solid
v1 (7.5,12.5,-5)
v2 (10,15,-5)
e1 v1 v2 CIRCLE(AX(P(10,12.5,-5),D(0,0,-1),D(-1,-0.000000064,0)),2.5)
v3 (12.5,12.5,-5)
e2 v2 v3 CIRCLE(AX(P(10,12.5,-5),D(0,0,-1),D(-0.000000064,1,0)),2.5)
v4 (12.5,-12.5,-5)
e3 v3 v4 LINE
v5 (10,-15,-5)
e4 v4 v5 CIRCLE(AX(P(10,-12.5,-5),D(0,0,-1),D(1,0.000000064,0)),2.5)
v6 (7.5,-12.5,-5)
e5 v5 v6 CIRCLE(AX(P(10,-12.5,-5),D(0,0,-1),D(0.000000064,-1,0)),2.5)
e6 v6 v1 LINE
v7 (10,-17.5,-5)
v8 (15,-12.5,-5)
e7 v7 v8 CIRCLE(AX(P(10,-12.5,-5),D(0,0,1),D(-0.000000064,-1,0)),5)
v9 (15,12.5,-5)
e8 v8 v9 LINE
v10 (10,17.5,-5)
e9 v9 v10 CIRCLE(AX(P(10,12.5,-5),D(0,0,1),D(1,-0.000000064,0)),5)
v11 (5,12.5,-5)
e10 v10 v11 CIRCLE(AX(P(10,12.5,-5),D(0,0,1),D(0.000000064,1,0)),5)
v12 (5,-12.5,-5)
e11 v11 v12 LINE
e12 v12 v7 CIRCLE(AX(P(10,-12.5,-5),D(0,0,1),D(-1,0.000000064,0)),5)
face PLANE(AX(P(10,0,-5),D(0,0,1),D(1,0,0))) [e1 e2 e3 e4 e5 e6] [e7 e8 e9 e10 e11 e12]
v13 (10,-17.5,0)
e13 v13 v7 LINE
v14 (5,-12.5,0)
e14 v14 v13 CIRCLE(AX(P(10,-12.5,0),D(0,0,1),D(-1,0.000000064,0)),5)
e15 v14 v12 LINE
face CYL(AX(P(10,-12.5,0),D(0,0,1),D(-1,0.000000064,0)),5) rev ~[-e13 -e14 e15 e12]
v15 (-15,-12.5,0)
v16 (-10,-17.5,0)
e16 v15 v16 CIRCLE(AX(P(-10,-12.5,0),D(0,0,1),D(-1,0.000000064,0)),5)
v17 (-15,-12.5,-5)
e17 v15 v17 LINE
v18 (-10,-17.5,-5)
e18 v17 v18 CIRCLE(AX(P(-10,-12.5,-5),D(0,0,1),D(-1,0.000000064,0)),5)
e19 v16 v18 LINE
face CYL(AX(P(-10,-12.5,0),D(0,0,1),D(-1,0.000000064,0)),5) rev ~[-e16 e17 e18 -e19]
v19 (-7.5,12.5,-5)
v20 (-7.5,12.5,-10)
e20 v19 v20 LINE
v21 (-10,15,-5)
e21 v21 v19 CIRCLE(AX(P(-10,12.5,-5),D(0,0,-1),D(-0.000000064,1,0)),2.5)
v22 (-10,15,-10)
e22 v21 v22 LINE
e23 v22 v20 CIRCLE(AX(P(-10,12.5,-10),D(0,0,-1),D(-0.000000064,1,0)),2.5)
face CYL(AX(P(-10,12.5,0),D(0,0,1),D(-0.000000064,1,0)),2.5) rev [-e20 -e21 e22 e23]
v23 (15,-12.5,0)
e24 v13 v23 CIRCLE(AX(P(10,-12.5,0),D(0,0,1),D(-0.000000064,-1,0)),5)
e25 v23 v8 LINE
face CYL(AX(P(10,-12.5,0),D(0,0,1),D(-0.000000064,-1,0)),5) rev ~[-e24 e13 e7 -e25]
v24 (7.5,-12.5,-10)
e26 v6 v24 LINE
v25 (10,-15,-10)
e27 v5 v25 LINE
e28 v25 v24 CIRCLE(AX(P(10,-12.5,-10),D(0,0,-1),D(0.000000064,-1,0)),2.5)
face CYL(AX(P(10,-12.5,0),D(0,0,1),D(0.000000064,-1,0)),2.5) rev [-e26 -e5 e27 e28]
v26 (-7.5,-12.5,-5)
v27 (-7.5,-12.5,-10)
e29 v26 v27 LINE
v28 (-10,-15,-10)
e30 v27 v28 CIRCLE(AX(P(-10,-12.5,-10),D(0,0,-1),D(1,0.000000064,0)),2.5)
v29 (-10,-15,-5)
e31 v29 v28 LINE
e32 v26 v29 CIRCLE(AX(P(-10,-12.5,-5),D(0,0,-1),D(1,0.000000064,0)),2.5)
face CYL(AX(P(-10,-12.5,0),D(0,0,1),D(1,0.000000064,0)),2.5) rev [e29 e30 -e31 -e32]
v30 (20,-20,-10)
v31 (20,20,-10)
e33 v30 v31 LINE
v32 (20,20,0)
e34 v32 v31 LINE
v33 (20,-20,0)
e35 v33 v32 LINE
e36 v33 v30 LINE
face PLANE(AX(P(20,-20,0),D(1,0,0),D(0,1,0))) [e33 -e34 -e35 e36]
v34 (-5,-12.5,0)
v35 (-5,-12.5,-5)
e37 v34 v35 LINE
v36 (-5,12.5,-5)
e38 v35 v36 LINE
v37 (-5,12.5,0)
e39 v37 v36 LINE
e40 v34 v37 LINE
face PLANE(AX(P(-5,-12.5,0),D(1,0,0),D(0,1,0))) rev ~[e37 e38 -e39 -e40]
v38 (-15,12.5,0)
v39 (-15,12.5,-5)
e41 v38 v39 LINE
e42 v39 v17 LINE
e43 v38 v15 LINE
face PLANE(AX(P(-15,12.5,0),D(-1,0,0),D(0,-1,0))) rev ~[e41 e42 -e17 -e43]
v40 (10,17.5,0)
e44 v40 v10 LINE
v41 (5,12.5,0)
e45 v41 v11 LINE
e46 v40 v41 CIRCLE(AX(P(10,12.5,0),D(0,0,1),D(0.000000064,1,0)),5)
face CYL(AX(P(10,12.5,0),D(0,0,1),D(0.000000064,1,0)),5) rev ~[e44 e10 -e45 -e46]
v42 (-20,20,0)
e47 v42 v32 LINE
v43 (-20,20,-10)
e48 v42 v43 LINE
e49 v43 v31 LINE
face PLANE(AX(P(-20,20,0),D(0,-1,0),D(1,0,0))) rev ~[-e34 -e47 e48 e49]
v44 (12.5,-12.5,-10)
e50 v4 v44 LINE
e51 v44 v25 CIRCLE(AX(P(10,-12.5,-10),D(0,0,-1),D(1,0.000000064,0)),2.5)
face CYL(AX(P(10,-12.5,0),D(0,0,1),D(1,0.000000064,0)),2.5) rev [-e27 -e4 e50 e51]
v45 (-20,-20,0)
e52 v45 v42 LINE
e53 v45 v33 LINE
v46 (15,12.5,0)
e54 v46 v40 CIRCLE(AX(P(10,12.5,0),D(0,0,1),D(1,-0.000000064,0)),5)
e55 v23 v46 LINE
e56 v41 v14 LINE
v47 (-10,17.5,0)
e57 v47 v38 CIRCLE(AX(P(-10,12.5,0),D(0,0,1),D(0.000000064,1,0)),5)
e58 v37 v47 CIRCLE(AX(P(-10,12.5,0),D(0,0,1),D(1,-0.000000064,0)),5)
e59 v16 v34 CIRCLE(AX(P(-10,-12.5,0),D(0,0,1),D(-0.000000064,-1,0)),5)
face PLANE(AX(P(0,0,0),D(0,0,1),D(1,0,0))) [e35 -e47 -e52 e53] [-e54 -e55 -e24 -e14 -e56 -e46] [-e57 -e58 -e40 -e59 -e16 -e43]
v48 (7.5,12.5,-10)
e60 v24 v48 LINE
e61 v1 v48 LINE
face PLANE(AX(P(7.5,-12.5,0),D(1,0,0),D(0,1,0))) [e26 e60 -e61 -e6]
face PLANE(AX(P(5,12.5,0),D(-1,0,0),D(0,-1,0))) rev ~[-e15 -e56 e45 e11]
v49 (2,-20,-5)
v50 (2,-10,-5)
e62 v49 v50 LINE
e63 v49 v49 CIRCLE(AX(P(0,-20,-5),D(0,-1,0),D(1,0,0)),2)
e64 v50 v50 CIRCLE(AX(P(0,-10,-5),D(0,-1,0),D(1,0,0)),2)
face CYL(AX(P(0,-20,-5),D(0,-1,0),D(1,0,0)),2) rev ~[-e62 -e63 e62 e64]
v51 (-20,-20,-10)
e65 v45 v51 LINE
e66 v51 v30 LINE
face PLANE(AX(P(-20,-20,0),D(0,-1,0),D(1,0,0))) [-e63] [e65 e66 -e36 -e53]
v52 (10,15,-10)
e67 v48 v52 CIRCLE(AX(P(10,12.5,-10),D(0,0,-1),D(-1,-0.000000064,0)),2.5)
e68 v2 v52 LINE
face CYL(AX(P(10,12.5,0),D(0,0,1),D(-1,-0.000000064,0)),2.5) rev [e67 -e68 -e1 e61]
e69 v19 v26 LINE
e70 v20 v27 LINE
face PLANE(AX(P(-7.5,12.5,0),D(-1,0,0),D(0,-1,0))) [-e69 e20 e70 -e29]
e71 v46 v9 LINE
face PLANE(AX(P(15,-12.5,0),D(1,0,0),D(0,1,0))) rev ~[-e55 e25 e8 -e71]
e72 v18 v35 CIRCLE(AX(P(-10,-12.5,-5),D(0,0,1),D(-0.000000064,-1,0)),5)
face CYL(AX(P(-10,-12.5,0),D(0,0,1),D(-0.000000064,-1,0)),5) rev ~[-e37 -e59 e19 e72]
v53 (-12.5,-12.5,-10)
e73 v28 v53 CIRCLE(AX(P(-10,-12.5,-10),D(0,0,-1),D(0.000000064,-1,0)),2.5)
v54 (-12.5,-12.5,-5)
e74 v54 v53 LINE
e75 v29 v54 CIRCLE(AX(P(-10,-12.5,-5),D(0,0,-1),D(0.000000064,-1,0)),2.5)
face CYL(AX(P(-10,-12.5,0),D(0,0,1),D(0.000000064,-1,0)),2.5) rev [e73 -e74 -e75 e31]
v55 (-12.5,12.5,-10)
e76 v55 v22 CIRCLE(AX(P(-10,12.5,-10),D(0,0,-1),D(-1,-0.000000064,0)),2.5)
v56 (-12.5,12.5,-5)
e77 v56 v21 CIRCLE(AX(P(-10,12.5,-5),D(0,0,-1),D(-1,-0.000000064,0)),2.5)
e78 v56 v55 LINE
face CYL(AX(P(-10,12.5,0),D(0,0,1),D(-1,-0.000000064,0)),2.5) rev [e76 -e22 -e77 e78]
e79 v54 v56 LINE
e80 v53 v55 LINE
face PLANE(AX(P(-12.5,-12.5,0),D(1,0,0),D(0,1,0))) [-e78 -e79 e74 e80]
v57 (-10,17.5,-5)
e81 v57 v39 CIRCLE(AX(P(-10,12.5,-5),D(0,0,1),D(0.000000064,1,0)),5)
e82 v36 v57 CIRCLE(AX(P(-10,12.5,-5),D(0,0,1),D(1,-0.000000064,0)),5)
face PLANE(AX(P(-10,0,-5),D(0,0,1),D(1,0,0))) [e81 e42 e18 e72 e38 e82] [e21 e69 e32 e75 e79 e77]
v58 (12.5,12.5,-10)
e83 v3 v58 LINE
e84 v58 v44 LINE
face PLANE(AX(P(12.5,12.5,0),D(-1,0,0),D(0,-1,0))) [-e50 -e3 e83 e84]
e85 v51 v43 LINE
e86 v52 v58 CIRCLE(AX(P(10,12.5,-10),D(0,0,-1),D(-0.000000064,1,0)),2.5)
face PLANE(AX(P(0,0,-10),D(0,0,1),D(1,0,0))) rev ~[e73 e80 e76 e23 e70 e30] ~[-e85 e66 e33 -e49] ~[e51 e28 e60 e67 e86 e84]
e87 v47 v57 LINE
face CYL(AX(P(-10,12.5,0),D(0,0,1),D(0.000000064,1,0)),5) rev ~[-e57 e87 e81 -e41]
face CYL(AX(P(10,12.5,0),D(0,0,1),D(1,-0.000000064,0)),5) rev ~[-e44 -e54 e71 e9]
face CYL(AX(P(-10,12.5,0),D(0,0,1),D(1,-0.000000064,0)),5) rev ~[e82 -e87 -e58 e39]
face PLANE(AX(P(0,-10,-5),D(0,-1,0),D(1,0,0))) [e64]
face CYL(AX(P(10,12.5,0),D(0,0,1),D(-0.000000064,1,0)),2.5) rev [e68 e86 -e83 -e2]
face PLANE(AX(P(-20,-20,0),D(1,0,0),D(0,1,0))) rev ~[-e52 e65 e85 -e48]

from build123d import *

# Parameters (mm, degrees)
F0_W     = 40
F0_H     = 40
F1_DEPTH = 10
F2_DEPTH = 5
F3_R     = 2
F4_DEPTH = 10


with BuildPart() as f1:
    # F0 (on Top) → F1 (new body)
    with BuildSketch(Plane.XY):
        Rectangle(F0_W, F0_H)
        with BuildLine():
            Line((-15, -12.5), (-15, 12.5))
            ThreePointArc((-15, 12.5), (-13.535534, 16.035534), (-10, 17.5))
            ThreePointArc((-10, 17.5), (-6.464466, 16.035534), (-5, 12.5))
            Line((-5, 12.5), (-5, -12.5))
            ThreePointArc((-5, -12.5), (-6.464466, -16.035534), (-10, -17.5))
            ThreePointArc((-10, -17.5), (-13.535534, -16.035534), (-15, -12.5))
        make_face(mode=Mode.SUBTRACT)
        with BuildLine():
            Line((5, -12.5), (5, 12.5))
            ThreePointArc((5, 12.5), (6.464466, 16.035534), (10, 17.5))
            ThreePointArc((10, 17.5), (13.535534, 16.035534), (15, 12.5))
            Line((15, 12.5), (15, -12.5))
            ThreePointArc((15, -12.5), (13.535534, -16.035534), (10, -17.5))
            ThreePointArc((10, -17.5), (6.464466, -16.035534), (5, -12.5))
        make_face(mode=Mode.SUBTRACT)
        with BuildLine():
            ThreePointArc((-10, 17.5), (-13.535534, 16.035534), (-15, 12.5))
            Line((-15, 12.5), (-15, -12.5))
            ThreePointArc((-15, -12.5), (-13.535534, -16.035534), (-10, -17.5))
            ThreePointArc((-10, -17.5), (-6.464466, -16.035534), (-5, -12.5))
            Line((-5, -12.5), (-5, 12.5))
            ThreePointArc((-5, 12.5), (-6.464466, 16.035534), (-10, 17.5))
        make_face()
        with BuildLine():
            ThreePointArc((-10, 15), (-8.232233, 14.267767), (-7.5, 12.5))
            Line((-7.5, 12.5), (-7.5, -12.5))
            ThreePointArc((-7.5, -12.5), (-8.232233, -14.267767), (-10, -15))
            ThreePointArc((-10, -15), (-11.767767, -14.267767), (-12.5, -12.5))
            Line((-12.5, -12.5), (-12.5, 12.5))
            ThreePointArc((-12.5, 12.5), (-11.767767, 14.267767), (-10, 15))
        make_face(mode=Mode.SUBTRACT)
        with BuildLine():
            ThreePointArc((10, 17.5), (6.464466, 16.035534), (5, 12.5))
            Line((5, 12.5), (5, -12.5))
            ThreePointArc((5, -12.5), (6.464466, -16.035534), (10, -17.5))
            ThreePointArc((10, -17.5), (13.535534, -16.035534), (15, -12.5))
            Line((15, -12.5), (15, 12.5))
            ThreePointArc((15, 12.5), (13.535534, 16.035534), (10, 17.5))
        make_face()
        with BuildLine():
            Line((7.5, -12.5), (7.5, 12.5))
            ThreePointArc((7.5, 12.5), (8.232233, 14.267767), (10, 15))
            ThreePointArc((10, 15), (11.767767, 14.267767), (12.5, 12.5))
            Line((12.5, 12.5), (12.5, -12.5))
            ThreePointArc((12.5, -12.5), (11.767767, -14.267767), (10, -15))
            ThreePointArc((10, -15), (8.232233, -14.267767), (7.5, -12.5))
        make_face(mode=Mode.SUBTRACT)
    extrude(amount=-F1_DEPTH)

    # F0 (on Top) → F2 (cut)
    with BuildSketch(Plane.XY):
        with BuildLine():
            Line((-7.5, -12.5), (-7.5, 12.5))
            ThreePointArc((-7.5, 12.5), (-8.232233, 14.267767), (-10, 15))
            ThreePointArc((-10, 15), (-11.767767, 14.267767), (-12.5, 12.5))
            Line((-12.5, 12.5), (-12.5, -12.5))
            ThreePointArc((-12.5, -12.5), (-11.767767, -14.267767), (-10, -15))
            ThreePointArc((-10, -15), (-8.232233, -14.267767), (-7.5, -12.5))
        make_face()
        with BuildLine():
            ThreePointArc((10, 15), (8.232233, 14.267767), (7.5, 12.5))
            Line((7.5, 12.5), (7.5, -12.5))
            ThreePointArc((7.5, -12.5), (8.232233, -14.267767), (10, -15))
            ThreePointArc((10, -15), (11.767767, -14.267767), (12.5, -12.5))
            Line((12.5, -12.5), (12.5, 12.5))
            ThreePointArc((12.5, 12.5), (11.767767, 14.267767), (10, 15))
        make_face()
        with BuildLine():
            ThreePointArc((10, 17.5), (6.464466, 16.035534), (5, 12.5))
            Line((5, 12.5), (5, -12.5))
            ThreePointArc((5, -12.5), (6.464466, -16.035534), (10, -17.5))
            ThreePointArc((10, -17.5), (13.535534, -16.035534), (15, -12.5))
            Line((15, -12.5), (15, 12.5))
            ThreePointArc((15, 12.5), (13.535534, 16.035534), (10, 17.5))
        make_face()
        with BuildLine():
            Line((7.5, -12.5), (7.5, 12.5))
            ThreePointArc((7.5, 12.5), (8.232233, 14.267767), (10, 15))
            ThreePointArc((10, 15), (11.767767, 14.267767), (12.5, 12.5))
            Line((12.5, 12.5), (12.5, -12.5))
            ThreePointArc((12.5, -12.5), (11.767767, -14.267767), (10, -15))
            ThreePointArc((10, -15), (8.232233, -14.267767), (7.5, -12.5))
        make_face(mode=Mode.SUBTRACT)
        with BuildLine():
            ThreePointArc((-10, 17.5), (-13.535534, 16.035534), (-15, 12.5))
            Line((-15, 12.5), (-15, -12.5))
            ThreePointArc((-15, -12.5), (-13.535534, -16.035534), (-10, -17.5))
            ThreePointArc((-10, -17.5), (-6.464466, -16.035534), (-5, -12.5))
            Line((-5, -12.5), (-5, 12.5))
            ThreePointArc((-5, 12.5), (-6.464466, 16.035534), (-10, 17.5))
        make_face()
        with BuildLine():
            ThreePointArc((-10, 15), (-8.232233, 14.267767), (-7.5, 12.5))
            Line((-7.5, 12.5), (-7.5, -12.5))
            ThreePointArc((-7.5, -12.5), (-8.232233, -14.267767), (-10, -15))
            ThreePointArc((-10, -15), (-11.767767, -14.267767), (-12.5, -12.5))
            Line((-12.5, -12.5), (-12.5, 12.5))
            ThreePointArc((-12.5, 12.5), (-11.767767, 14.267767), (-10, 15))
        make_face(mode=Mode.SUBTRACT)
    extrude(amount=-F2_DEPTH, mode=Mode.SUBTRACT)

    # F3 (on face) → F4 (cut)
    with BuildSketch(Plane.XZ.offset(20)):
        with Locations((0, -5)):
            Circle(F3_R)
    extrude(amount=-F4_DEPTH, mode=Mode.SUBTRACT)


solid = f1.part
